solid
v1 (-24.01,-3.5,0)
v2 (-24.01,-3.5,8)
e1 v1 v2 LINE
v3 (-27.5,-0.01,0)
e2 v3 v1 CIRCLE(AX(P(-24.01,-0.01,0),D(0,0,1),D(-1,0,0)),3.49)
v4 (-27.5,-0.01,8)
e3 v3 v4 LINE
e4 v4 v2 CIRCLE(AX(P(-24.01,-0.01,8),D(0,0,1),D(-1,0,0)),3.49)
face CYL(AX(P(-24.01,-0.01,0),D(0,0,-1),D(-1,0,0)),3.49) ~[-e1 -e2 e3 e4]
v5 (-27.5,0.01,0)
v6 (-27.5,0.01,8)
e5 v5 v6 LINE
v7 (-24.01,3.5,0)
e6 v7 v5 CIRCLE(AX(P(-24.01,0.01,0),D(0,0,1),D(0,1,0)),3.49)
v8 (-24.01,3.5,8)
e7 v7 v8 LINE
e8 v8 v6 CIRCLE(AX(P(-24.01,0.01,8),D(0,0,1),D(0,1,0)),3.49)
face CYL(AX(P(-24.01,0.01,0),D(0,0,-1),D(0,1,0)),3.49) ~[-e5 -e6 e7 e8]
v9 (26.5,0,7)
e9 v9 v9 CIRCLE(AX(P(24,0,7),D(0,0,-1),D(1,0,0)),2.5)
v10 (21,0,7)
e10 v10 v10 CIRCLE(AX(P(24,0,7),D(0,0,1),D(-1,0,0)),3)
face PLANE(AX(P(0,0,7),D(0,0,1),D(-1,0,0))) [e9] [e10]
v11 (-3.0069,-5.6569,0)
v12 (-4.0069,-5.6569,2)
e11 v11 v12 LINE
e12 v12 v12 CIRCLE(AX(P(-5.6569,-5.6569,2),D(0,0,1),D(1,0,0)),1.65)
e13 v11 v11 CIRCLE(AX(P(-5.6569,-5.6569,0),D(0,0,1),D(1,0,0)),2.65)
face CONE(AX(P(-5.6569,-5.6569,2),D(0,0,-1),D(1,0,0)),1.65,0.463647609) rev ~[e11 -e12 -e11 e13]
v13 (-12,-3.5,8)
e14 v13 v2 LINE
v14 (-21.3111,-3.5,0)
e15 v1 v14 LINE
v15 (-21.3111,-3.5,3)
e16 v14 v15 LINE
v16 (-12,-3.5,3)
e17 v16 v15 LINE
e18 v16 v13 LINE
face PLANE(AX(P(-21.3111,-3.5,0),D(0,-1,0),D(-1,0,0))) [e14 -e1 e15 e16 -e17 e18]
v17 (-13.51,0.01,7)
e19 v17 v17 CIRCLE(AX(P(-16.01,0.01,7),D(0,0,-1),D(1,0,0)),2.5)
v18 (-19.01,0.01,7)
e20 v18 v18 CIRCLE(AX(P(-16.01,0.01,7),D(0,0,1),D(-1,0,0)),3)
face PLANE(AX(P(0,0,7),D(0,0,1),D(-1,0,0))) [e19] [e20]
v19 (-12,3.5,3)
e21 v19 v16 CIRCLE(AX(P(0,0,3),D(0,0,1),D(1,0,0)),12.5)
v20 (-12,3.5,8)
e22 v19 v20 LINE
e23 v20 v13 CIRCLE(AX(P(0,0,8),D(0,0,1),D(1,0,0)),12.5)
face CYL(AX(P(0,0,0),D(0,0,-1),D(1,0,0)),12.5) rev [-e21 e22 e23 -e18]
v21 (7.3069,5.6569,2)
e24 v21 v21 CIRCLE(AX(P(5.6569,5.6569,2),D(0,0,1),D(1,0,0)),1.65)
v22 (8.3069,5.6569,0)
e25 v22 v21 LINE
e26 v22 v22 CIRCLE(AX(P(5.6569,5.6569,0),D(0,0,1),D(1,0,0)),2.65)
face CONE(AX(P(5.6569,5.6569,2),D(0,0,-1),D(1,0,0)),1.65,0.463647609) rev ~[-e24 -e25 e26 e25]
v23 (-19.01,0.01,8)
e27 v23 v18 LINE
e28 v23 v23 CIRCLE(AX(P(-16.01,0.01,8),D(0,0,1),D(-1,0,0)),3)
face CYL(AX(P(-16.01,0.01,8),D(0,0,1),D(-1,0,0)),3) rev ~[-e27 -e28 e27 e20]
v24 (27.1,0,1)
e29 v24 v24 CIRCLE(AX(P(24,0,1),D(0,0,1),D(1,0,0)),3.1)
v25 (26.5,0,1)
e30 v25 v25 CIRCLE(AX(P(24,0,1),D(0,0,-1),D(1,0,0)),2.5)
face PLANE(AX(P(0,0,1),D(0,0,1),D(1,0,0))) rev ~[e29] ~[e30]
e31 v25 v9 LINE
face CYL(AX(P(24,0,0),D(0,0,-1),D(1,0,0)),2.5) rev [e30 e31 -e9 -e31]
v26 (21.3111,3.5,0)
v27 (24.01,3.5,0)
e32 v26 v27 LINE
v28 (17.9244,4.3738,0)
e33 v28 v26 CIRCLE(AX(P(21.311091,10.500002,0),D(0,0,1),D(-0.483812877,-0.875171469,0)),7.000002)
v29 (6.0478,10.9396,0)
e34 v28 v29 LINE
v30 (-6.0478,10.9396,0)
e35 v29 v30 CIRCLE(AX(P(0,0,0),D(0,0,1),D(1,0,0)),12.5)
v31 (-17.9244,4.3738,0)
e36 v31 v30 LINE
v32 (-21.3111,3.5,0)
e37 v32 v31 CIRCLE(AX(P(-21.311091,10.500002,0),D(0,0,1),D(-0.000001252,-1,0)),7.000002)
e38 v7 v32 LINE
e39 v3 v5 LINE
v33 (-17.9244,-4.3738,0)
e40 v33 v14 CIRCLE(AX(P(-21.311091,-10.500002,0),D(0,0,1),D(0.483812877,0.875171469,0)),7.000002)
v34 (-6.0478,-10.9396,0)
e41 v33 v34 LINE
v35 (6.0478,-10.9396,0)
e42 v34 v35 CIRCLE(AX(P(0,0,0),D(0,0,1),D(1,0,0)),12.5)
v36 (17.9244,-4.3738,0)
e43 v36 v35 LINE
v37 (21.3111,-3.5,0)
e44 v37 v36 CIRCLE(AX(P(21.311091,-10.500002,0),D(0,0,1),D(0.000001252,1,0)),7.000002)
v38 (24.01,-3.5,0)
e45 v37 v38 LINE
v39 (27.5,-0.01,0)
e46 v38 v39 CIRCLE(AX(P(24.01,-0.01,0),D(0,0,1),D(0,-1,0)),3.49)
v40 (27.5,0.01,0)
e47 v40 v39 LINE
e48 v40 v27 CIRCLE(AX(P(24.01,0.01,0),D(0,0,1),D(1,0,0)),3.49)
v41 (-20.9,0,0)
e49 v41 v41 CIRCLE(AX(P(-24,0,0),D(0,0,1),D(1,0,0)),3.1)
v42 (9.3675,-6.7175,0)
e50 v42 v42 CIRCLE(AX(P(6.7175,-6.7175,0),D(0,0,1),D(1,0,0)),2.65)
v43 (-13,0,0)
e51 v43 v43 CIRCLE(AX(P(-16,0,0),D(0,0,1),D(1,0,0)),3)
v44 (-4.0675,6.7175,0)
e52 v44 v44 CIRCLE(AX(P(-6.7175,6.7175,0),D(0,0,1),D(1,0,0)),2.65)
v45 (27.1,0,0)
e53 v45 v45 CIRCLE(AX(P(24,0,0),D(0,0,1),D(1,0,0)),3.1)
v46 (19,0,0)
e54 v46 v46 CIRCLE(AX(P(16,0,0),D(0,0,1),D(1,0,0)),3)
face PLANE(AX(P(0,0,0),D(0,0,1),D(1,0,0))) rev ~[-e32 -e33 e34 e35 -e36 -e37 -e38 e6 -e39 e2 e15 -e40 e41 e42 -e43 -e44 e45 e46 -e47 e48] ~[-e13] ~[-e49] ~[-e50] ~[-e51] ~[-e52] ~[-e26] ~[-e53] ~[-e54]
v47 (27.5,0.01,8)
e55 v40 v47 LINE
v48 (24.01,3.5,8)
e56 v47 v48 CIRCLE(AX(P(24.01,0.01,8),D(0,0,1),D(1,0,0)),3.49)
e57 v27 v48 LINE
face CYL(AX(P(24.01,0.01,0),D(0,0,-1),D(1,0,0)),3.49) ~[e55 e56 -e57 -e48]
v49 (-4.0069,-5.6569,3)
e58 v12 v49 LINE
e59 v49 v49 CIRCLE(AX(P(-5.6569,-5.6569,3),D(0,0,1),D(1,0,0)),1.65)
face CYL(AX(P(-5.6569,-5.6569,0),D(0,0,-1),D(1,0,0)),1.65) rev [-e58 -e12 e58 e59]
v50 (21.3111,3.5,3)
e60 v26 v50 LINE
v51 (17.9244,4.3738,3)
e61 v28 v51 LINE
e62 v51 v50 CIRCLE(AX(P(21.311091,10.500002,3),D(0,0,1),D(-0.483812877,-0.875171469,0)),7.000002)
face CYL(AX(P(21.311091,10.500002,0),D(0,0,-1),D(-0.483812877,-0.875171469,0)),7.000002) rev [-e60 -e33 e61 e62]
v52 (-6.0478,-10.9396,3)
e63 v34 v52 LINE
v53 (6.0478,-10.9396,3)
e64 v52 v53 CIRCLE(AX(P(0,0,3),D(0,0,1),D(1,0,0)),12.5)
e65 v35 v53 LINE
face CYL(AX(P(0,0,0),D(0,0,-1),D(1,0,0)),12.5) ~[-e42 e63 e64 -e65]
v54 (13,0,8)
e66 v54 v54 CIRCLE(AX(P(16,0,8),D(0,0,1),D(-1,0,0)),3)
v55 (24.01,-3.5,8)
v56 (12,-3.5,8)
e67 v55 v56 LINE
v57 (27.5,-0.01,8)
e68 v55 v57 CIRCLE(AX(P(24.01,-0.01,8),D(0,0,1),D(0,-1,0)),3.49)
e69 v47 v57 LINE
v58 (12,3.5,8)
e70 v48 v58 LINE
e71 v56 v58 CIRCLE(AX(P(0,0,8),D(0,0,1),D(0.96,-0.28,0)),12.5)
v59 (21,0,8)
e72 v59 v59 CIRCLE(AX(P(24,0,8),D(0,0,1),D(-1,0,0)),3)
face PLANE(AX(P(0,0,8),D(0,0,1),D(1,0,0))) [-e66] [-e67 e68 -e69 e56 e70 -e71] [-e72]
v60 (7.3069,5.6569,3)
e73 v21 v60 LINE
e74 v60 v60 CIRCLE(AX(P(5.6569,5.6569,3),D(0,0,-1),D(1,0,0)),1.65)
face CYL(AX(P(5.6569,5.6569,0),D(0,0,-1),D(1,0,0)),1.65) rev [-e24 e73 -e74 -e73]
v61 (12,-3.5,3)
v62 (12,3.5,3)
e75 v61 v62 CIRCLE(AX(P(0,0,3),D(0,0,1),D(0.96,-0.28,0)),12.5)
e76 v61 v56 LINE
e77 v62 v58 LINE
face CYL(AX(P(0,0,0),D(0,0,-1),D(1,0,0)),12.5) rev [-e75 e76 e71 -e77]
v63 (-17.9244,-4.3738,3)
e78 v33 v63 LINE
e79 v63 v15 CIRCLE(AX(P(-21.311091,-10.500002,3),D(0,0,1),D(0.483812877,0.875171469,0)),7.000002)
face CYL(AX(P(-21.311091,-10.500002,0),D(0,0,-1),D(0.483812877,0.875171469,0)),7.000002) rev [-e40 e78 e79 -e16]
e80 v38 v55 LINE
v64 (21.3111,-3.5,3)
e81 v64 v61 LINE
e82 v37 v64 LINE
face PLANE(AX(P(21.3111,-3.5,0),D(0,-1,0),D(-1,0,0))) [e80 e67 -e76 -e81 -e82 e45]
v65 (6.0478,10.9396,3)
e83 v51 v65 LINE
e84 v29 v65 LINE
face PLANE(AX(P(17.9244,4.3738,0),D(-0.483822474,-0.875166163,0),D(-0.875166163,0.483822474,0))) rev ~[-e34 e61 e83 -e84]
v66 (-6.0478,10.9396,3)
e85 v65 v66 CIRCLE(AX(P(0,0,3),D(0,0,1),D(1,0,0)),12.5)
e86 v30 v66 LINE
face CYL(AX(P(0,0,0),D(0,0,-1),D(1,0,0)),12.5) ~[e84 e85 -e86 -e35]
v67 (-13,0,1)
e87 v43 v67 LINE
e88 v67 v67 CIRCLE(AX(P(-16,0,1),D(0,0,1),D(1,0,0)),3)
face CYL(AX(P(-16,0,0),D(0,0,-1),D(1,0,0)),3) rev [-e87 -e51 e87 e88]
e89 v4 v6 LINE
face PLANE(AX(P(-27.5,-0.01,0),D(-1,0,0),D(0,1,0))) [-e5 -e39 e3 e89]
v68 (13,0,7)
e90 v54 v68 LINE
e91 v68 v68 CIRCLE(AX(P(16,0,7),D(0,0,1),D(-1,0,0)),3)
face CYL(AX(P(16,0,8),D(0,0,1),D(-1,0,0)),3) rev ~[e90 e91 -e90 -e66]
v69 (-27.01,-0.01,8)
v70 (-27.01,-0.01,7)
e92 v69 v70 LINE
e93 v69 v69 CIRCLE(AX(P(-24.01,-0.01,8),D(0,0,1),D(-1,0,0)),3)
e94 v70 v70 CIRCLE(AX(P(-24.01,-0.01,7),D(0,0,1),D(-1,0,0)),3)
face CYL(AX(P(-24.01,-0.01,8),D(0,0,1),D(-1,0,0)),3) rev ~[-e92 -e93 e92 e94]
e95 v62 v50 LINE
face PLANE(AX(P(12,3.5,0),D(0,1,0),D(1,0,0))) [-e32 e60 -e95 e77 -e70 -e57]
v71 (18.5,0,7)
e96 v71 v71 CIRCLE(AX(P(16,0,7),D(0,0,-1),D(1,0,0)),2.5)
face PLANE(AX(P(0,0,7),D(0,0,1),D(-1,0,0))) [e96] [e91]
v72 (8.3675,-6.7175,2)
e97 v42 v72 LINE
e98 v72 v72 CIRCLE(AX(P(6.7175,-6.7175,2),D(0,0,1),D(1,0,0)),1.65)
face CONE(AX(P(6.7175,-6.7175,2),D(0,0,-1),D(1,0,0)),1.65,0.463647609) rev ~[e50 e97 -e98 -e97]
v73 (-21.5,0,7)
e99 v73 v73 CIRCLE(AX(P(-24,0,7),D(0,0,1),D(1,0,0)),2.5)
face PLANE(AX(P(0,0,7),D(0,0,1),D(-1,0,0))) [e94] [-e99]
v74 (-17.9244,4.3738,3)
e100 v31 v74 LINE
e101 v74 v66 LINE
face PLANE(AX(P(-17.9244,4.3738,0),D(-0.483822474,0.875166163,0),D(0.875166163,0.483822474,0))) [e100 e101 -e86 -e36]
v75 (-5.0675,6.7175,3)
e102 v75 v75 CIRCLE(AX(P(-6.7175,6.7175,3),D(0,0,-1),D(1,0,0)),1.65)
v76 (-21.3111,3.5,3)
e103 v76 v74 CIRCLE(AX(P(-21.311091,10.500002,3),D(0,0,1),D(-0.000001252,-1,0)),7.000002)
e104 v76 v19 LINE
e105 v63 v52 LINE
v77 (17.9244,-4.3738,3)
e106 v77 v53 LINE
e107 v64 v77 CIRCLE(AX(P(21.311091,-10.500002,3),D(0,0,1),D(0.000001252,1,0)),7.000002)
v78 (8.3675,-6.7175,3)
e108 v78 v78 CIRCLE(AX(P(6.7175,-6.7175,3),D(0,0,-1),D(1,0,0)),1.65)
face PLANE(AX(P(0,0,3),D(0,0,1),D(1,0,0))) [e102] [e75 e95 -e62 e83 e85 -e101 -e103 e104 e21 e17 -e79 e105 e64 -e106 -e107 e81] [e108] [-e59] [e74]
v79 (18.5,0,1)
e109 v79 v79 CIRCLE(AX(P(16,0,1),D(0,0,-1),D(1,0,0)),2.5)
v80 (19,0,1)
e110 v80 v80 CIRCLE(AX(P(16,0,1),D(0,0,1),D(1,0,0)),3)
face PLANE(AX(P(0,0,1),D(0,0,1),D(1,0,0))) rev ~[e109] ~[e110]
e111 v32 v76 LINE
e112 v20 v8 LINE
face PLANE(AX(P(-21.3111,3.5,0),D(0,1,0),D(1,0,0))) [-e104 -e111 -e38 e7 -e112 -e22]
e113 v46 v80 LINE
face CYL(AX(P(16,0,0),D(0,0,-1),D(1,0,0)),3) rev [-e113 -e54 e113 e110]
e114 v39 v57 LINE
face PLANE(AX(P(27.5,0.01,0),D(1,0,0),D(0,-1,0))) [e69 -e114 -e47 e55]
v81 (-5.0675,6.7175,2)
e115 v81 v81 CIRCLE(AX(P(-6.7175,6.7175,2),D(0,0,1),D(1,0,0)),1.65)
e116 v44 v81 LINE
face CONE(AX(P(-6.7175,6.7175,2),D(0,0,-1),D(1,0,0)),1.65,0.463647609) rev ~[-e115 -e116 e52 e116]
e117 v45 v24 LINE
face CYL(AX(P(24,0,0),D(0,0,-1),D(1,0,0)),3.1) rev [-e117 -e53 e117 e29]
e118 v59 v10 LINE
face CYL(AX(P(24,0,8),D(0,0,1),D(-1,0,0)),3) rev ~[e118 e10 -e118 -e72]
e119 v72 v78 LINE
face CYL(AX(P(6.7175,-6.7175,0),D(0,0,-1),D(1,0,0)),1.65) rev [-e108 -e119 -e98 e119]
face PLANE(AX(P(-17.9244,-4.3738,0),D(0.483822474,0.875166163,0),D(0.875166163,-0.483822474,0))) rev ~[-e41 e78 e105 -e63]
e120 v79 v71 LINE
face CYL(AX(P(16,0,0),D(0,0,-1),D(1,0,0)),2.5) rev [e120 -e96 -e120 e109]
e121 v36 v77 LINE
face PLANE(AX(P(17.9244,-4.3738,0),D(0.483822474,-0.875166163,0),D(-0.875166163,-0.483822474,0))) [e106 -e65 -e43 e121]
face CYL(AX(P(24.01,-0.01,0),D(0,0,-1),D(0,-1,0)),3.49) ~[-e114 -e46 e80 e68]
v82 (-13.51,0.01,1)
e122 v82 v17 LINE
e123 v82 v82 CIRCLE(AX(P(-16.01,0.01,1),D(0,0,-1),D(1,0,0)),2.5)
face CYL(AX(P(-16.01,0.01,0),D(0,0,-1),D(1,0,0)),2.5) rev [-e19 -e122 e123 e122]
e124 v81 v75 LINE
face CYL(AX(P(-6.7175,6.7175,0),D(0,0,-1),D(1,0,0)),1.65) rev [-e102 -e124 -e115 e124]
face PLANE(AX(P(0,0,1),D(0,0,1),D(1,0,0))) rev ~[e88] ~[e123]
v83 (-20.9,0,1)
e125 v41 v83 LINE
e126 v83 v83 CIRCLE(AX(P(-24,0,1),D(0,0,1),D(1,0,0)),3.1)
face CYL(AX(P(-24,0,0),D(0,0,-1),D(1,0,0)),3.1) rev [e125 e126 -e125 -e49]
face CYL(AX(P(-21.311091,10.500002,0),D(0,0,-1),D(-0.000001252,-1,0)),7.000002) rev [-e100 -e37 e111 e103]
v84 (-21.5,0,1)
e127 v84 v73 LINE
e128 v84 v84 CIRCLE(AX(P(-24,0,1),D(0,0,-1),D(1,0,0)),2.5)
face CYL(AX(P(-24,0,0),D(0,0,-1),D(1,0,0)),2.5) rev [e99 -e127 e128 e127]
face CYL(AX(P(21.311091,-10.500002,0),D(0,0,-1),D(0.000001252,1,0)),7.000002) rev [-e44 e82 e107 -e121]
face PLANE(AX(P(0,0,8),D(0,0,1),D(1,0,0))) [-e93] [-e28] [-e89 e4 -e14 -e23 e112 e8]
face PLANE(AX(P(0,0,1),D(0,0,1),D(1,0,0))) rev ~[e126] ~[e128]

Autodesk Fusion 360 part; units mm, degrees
sketch "Sketch2" plane through (0, 0, 0) normal (0, 0, 1) x (1, 0, 0)
  line L0 (-21.3111, -3.5) -> (-24.01, -3.5)
  line L1 (-27.5, -0.01) -> (-27.5, 0.01)
  line L2 (-24.01, 3.5) -> (-21.3111, 3.5)
  line L3 (27.5, 0.01) -> (27.5, -0.01)
  arc A0 (-27.5, -0.01) -> (-24.01, -3.5) centre (-24.01, -0.01) ccw
  arc A1 (-24.01, 3.5) -> (-27.5, 0.01) centre (-24.01, 0.01) ccw
  arc A2 (27.5, 0.01) -> (24.01, 3.5) centre (24.01, 0.01) ccw
  arc A3 (24.01, -3.5) -> (27.5, -0.01) centre (24.01, -0.01) ccw
  circle A4 centre (24, 0) radius 2.5
  circle A5 centre (-24, 0) radius 2.5
  circle A6 centre (6.7175, 6.7175) radius 1.65
  circle A7 centre (-5.6569, 5.6569) radius 1.65
  circle A8 centre (-6.7175, -6.7175) radius 1.65
  circle A9 centre (5.6569, -5.6569) radius 1.65
  circle A10 centre (0, 0) radius 12.5
  line L4 (-17.9244, 4.3738) -> (-6.0478, 10.9396)
  line L5 (-17.9244, -4.3738) -> (-6.0478, -10.9396)
  line L6 (17.9244, 4.3738) -> (6.0478, 10.9396)
  line L7 (17.9244, -4.3738) -> (6.0478, -10.9396)
  arc A11 (-21.3111, 3.5) -> (-17.9244, 4.3738) centre (-21.3111, 10.5) ccw
  arc A12 (-17.9244, -4.3738) -> (-21.3111, -3.5) centre (-21.3111, -10.5) ccw
  line L8 (24.01, 3.5) -> (21.3111, 3.5)
  line L9 (24.01, -3.5) -> (21.3111, -3.5)
  arc A13 (21.3111, -3.5) -> (17.9244, -4.3738) centre (21.3111, -10.5) ccw
  arc A14 (17.9244, 4.3738) -> (21.3111, 3.5) centre (21.3111, 10.5) ccw
  line L10 (21.3111, -3.5) -> (12, -3.5)
  line L11 (-12, -3.5) -> (-21.3111, -3.5)
  line L12 (-21.3111, 3.5) -> (-12, 3.5)
  line L13 (12, 3.5) -> (21.3111, 3.5)
  line L14 (-16.3799, 2.0847) -> (-27.5, 3.5) construction
  line L15 (-27.5, -3.5) -> (-16.3799, -2.0847) construction
  line L16 (-12.4, -1.5782) -> (12.4, 1.5782) construction
  line L17 (25.3613, 3.2278) -> (27.5, 3.5) construction
  line L18 (27.5, -3.5) -> (25.3613, -3.2278) construction
  line L19 (12.4, -1.5782) -> (-12.4, 1.5782) construction
  circle A15 centre (-16.01, 0.01) radius 2.5
  circle A16 centre (16, 0) radius 2.5
  dimension "d42" = 9.5
  dimension "d44" = 8
  dimension "d45" = 8
  dimension "d46" = 9.5
  dimension "d47" = 55
  dimension "d48" = 7
  dimension "d49" = 3.49
  dimension "d50" = 3.49
  dimension "d51" = 3.49
  dimension "d52" = 3.49
  dimension "d53" = 24
  dimension "d54" = 5
  dimension "d55" = 24
  dimension "d56" = 5
  dimension "d61" = 3.3
  dimension "d62" = 3.3
  dimension "d63" = 3.3
  dimension "d64" = 3.3
  dimension "d65" = 25
  dimension "d66" = 7
  dimension "d67" = 7
  dimension "d68" = 7
  dimension "d69" = 7
  dimension "d92" = 8
  dimension "d93" = 8
  dimension "d94" = 5
  dimension "d95" = 5
extrude "Extrude1" add sketch "Sketch2" along normal blind 8 contours L0 L1 L2 A0 A1 A10 L11 L12 | A15 makes body 1
extrude "Extrude2" add sketch "Sketch2" along normal blind 8 separate body contours L3 A2 A3 A10 L8 L9 L10 L13 | A16 makes body 2
extrude "Extrude3" add sketch "Sketch2" along normal blind 3 separate body contours A10 L5 A12 L11 | A10 | A10 L4 A11 L12 | A10 L7 A13 L10 | A10 L6 A14 L13 makes body 3
sketch "Sketch3" plane through (0, 0, 0) normal (0, 0, 1) x (1, 0, 0)
  circle A0 centre (-15, 0) radius 3.1
  circle A1 centre (-24, 0) radius 3.1
  circle A2 centre (15, 0) radius 3.1
  circle A3 centre (24, 0) radius 3.1
  dimension "d76" = 6.2
  dimension "d77" = 6.2
  dimension "d78" = 6.2
  dimension "d79" = 6.2
extrude "Extrude4" cut sketch "Sketch3" along normal blind 1 contours A1 bodies 1
extrude "Extrude7" cut sketch "Sketch3" along normal blind 1 contours A3 bodies 2
chamfer "Chamfer1" distance 2 distance2 1 1 edges at (4.1185, -5.0602, 0) measured on face at (7.3048, -5.7391, 2) on bodies 3
chamfer "Chamfer2" distance 2 distance2 1 3 edges at (-8.2559, -6.1208, 0) (-7.1952, 6.2535, 0) (5.1792, 7.3142, 0) measured on face at (-5.0696, -6.7998, 2) measured on face at (-4.0089, 5.5746, 2) measured on face at (8.3655, 6.6353, 2) on bodies 3
extrude "Extrude8" cut sketch "Sketch2" along normal blind 10 contours A15 bodies 1
extrude "Extrude9" cut sketch "Sketch2" along normal blind 10 contours A16 bodies 2
sketch "Sketch4" plane through (0, 0, 0) normal (0, 0, 1) x (1, 0, 0)
  circle A0 centre (-16, 0) radius 3
  circle A1 centre (16, 0) radius 3
  dimension "d100" = 6
  dimension "d101" = 6
extrude "Extrude10" cut sketch "Sketch4" along normal blind 1 contours A0 bodies 1
extrude "Extrude11" cut sketch "Sketch4" along normal blind 1 contours A1 bodies 2
sketch "Sketch5" plane through (0, 0, 0) normal (0, 0, 1) x (1, 0, 0)
  line L0 (0, 0) -> (5.6569, 5.6569)
  line L1 (0, 0) -> (8, 0) construction
  line L2 (0, 0) -> (-5.6569, -5.6569)
  line L3 (0, 0) -> (6.7175, -6.7175)
  line L4 (0, 0) -> (-6.7175, 6.7175)
  circle A0 centre (-6.7175, 6.7175) radius 1.65
  circle A1 centre (6.7175, -6.7175) radius 1.65
  circle A2 centre (-5.6569, -5.6569) radius 1.65
  circle A3 centre (5.6569, 5.6569) radius 1.65
  dimension "d106" = 8
  dimension "d107" = 45
  dimension "d108" = 8
  dimension "d109" = 9.5
  dimension "d110" = 9.5
  dimension "d111" = 3.3
  dimension "d112" = 3.3
  dimension "d113" = 3.3
  dimension "d114" = 3.3
extrude "Extrude12" add sketch "Sketch2" along normal blind 3 contours A10 | A6 | A7 | A8 | A9 bodies 3 2 1
extrude "Extrude13" cut sketch "Sketch5" along normal blind 10 contours A2 bodies 3
extrude "Extrude14" cut sketch "Sketch5" along normal blind 10 contours A0 | A1 | A3 bodies 3
chamfer "Chamfer3" distance 1 distance2 2 4 edges at (-7.1952, -6.2535, 0) (5.1792, -7.3142, 0) (-8.2559, 6.1208, 0) (4.1185, 5.0602, 0) measured on face at (1.9475, -1.9853, 0) measured on face at (1.9475, -1.9853, 0) measured on face at (1.9475, -1.9853, 0) measured on face at (1.9475, -1.9853, 0) on bodies 3
sketch "Sketch6" plane through (0, 0, 8) normal (0, 0, 1) x (-1, 0, 0)
  circle A0 centre (16.01, -0.01) radius 2.5
  circle A1 centre (24, 0) radius 2.5
  arc A2 (24.01, -3.5) -> (27.5, -0.01) centre (24.01, -0.01) ccw
  line L0 (27.5, -0.01) -> (27.5, 0.01)
  arc A3 (27.5, 0.01) -> (24.01, 3.5) centre (24.01, 0.01) ccw
  line L1 (24.01, 3.5) -> (12, 3.5)
  arc A4 (12, -3.5) -> (12, 3.5) centre (0, 0) ccw
  line L2 (12, -3.5) -> (24.01, -3.5)
  circle A5 centre (-16, 0) radius 3
  circle A6 centre (-24, 0) radius 3
  circle A7 centre (16.01, -0.01) radius 3
  circle A8 centre (24.01, 0.01) radius 3
  dimension "d123" = 6
  dimension "d124" = 6
  dimension "d125" = 6
  dimension "d126" = 6
extrude "Extrude15" cut sketch "Sketch6" against normal blind 1 contours A6 bodies 3
extrude "Extrude16" cut sketch "Sketch6" against normal blind 1 contours A0 | A5 | A7 | A8 bodies 3
combine "Combine1" [suppressed]
